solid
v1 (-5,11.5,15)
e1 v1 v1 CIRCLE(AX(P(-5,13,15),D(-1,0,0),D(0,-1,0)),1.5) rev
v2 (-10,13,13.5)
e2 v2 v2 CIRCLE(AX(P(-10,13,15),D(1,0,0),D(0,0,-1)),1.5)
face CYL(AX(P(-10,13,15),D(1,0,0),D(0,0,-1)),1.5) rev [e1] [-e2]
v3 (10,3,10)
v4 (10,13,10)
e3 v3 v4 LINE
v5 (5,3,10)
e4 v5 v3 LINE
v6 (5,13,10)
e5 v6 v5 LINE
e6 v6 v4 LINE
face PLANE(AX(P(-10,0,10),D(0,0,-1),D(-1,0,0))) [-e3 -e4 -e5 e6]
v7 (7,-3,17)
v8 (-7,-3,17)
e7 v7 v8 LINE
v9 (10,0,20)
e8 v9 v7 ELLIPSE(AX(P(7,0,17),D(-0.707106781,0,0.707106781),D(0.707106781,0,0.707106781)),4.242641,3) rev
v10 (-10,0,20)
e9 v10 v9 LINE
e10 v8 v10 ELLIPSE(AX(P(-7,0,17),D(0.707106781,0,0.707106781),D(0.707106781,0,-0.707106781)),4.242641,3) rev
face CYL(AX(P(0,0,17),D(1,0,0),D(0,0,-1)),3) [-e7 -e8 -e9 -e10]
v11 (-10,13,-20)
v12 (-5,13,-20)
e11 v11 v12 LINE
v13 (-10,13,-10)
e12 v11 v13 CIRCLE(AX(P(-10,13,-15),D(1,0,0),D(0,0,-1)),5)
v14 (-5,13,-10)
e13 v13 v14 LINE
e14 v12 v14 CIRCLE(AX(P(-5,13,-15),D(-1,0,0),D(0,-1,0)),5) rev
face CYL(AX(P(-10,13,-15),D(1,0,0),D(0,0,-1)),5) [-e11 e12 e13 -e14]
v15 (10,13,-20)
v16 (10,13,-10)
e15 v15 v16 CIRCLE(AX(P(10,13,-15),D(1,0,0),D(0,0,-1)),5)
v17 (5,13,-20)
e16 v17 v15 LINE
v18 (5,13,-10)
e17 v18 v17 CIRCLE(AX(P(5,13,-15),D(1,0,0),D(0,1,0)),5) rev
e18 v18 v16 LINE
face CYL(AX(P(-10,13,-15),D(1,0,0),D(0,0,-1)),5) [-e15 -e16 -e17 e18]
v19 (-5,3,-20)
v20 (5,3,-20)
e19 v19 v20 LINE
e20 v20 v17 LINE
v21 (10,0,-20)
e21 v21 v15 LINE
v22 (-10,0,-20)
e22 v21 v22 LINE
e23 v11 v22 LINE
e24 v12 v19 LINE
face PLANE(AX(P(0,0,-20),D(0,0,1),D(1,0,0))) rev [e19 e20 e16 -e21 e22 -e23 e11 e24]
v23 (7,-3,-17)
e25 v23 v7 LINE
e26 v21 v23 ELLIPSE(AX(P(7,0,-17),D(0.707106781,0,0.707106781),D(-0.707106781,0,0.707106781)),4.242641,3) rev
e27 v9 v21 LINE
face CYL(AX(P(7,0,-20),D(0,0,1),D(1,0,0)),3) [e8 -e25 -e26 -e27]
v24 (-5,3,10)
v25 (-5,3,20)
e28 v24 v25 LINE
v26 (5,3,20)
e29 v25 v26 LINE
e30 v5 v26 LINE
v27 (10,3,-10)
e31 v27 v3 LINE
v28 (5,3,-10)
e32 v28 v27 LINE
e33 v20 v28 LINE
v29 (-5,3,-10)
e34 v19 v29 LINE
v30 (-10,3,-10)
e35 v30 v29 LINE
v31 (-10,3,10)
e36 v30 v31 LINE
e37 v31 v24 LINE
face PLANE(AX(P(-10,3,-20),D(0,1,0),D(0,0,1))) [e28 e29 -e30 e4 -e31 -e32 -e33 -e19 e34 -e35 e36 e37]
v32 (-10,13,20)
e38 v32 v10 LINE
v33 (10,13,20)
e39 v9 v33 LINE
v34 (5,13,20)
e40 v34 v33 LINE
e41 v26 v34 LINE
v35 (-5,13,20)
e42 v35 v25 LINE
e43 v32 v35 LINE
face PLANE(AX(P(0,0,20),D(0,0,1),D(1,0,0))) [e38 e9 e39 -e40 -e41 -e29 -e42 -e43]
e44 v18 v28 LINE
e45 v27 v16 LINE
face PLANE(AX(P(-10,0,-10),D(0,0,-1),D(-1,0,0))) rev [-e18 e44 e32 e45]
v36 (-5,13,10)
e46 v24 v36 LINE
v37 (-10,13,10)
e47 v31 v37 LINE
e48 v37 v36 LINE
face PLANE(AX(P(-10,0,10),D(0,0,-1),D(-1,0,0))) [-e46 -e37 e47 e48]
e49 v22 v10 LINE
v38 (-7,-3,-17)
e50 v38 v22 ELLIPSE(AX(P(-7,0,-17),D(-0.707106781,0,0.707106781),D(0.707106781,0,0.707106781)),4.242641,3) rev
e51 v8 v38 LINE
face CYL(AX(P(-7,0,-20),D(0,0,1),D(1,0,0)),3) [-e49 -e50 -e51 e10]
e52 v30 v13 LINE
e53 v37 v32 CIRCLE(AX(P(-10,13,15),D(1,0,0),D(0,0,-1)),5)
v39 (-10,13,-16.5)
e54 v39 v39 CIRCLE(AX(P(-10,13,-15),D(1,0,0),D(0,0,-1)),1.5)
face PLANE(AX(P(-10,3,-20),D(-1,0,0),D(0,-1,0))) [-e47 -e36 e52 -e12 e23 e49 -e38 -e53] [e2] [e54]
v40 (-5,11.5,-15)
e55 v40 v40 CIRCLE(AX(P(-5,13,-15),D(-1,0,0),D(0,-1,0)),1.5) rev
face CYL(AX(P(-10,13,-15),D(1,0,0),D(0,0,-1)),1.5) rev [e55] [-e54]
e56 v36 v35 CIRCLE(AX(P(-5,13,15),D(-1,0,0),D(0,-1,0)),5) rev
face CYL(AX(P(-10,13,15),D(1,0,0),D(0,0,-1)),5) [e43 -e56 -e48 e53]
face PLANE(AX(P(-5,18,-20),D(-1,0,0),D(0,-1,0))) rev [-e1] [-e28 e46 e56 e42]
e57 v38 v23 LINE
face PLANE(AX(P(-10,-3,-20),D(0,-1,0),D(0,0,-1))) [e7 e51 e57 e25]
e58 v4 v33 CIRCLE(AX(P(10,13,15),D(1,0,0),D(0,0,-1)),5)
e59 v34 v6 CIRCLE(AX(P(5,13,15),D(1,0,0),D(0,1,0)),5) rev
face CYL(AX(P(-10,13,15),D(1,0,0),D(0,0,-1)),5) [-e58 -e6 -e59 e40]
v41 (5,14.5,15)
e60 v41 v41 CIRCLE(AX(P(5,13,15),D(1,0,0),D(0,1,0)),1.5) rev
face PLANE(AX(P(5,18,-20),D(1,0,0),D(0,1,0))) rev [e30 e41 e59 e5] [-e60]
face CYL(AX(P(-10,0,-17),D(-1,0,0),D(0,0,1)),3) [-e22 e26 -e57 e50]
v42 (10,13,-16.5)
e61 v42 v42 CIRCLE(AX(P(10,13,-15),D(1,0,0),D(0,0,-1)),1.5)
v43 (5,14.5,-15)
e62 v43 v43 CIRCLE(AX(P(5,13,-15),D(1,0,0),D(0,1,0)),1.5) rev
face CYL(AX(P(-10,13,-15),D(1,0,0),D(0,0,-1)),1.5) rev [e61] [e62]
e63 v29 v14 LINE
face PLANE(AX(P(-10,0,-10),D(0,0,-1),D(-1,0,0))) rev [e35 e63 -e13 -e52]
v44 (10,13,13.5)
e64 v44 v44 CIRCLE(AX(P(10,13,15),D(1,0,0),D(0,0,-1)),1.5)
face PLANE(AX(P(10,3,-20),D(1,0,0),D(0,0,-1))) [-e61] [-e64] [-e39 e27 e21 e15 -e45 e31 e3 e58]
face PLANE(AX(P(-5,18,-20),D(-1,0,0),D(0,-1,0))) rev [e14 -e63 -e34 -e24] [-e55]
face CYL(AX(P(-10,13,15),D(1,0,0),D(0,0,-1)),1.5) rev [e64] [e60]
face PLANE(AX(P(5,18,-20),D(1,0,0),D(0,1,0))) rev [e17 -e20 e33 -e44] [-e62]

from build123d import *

# Parameters (mm, degrees)
BOSS_EXTRUDE1_DEPTH      = 20
BOSS_EXTRUDE1_DEPTH_BACK = 20
SKETCH1_W                = 20
SKETCH1_H                = 6
SKETCH2_R                = 1.5
BOSS_EXTRUDE2_DEPTH      = 20
SKETCH3_W                = 10
SKETCH3_H                = 15
CUT_EXTRUDE1_DEPTH       = 40
FILLET2_R                = 3


with BuildPart() as part:
    # Sketch1 → Boss-Extrude1 (new, two sides: drawn at the far end of the back side and taken through both)
    with BuildSketch(Plane.XY.offset(-BOSS_EXTRUDE1_DEPTH_BACK)):
        Rectangle(SKETCH1_W, SKETCH1_H)
    extrude(amount=BOSS_EXTRUDE1_DEPTH + BOSS_EXTRUDE1_DEPTH_BACK)

    # Sketch2 → Boss-Extrude2 (add)
    # profile 1 of 2: a face of its own
    with BuildSketch(Plane(origin=(10, 0, 0), x_dir=(0, 0, -1), z_dir=(1, 0, 0))):
        with BuildLine():
            Line((-20, 13), (-20, 3))
            Line((-20, 3), (-10, 3))
            Line((-10, 3), (-10, 13))
            ThreePointArc((-10, 13), (-15, 18), (-20, 13))
        make_face()
        with Locations((-15, 13)):
            Circle(SKETCH2_R, mode=Mode.SUBTRACT)
    # profile 2 of 2: a face of its own
    with BuildSketch(Plane(origin=(10, 0, 0), x_dir=(0, 0, -1), z_dir=(1, 0, 0))):
        with BuildLine():
            Line((10, 13), (10, 3))
            Line((10, 3), (20, 3))
            Line((20, 3), (20, 13))
            ThreePointArc((20, 13), (15, 18), (10, 13))
        make_face()
        with Locations((15, 13)):
            Circle(SKETCH2_R, mode=Mode.SUBTRACT)
    extrude(amount=-BOSS_EXTRUDE2_DEPTH)

    # Sketch3 → Cut-Extrude1 (cut)
    with BuildSketch(Plane.XY.offset(20)):
        with Locations((0, 10.5)):
            Rectangle(SKETCH3_W, SKETCH3_H)
    extrude(amount=-CUT_EXTRUDE1_DEPTH, mode=Mode.SUBTRACT)

    # Fillet2
    fillet2_edges = [part.edges().sort_by_distance(p)[0] for p in [
        (0, -3, -20),
        (-10, -3, 0),
        (0, -3, 20),
        (10, -3, 0),
    ]]
    fillet(fillet2_edges, radius=FILLET2_R)


solid = part.part
